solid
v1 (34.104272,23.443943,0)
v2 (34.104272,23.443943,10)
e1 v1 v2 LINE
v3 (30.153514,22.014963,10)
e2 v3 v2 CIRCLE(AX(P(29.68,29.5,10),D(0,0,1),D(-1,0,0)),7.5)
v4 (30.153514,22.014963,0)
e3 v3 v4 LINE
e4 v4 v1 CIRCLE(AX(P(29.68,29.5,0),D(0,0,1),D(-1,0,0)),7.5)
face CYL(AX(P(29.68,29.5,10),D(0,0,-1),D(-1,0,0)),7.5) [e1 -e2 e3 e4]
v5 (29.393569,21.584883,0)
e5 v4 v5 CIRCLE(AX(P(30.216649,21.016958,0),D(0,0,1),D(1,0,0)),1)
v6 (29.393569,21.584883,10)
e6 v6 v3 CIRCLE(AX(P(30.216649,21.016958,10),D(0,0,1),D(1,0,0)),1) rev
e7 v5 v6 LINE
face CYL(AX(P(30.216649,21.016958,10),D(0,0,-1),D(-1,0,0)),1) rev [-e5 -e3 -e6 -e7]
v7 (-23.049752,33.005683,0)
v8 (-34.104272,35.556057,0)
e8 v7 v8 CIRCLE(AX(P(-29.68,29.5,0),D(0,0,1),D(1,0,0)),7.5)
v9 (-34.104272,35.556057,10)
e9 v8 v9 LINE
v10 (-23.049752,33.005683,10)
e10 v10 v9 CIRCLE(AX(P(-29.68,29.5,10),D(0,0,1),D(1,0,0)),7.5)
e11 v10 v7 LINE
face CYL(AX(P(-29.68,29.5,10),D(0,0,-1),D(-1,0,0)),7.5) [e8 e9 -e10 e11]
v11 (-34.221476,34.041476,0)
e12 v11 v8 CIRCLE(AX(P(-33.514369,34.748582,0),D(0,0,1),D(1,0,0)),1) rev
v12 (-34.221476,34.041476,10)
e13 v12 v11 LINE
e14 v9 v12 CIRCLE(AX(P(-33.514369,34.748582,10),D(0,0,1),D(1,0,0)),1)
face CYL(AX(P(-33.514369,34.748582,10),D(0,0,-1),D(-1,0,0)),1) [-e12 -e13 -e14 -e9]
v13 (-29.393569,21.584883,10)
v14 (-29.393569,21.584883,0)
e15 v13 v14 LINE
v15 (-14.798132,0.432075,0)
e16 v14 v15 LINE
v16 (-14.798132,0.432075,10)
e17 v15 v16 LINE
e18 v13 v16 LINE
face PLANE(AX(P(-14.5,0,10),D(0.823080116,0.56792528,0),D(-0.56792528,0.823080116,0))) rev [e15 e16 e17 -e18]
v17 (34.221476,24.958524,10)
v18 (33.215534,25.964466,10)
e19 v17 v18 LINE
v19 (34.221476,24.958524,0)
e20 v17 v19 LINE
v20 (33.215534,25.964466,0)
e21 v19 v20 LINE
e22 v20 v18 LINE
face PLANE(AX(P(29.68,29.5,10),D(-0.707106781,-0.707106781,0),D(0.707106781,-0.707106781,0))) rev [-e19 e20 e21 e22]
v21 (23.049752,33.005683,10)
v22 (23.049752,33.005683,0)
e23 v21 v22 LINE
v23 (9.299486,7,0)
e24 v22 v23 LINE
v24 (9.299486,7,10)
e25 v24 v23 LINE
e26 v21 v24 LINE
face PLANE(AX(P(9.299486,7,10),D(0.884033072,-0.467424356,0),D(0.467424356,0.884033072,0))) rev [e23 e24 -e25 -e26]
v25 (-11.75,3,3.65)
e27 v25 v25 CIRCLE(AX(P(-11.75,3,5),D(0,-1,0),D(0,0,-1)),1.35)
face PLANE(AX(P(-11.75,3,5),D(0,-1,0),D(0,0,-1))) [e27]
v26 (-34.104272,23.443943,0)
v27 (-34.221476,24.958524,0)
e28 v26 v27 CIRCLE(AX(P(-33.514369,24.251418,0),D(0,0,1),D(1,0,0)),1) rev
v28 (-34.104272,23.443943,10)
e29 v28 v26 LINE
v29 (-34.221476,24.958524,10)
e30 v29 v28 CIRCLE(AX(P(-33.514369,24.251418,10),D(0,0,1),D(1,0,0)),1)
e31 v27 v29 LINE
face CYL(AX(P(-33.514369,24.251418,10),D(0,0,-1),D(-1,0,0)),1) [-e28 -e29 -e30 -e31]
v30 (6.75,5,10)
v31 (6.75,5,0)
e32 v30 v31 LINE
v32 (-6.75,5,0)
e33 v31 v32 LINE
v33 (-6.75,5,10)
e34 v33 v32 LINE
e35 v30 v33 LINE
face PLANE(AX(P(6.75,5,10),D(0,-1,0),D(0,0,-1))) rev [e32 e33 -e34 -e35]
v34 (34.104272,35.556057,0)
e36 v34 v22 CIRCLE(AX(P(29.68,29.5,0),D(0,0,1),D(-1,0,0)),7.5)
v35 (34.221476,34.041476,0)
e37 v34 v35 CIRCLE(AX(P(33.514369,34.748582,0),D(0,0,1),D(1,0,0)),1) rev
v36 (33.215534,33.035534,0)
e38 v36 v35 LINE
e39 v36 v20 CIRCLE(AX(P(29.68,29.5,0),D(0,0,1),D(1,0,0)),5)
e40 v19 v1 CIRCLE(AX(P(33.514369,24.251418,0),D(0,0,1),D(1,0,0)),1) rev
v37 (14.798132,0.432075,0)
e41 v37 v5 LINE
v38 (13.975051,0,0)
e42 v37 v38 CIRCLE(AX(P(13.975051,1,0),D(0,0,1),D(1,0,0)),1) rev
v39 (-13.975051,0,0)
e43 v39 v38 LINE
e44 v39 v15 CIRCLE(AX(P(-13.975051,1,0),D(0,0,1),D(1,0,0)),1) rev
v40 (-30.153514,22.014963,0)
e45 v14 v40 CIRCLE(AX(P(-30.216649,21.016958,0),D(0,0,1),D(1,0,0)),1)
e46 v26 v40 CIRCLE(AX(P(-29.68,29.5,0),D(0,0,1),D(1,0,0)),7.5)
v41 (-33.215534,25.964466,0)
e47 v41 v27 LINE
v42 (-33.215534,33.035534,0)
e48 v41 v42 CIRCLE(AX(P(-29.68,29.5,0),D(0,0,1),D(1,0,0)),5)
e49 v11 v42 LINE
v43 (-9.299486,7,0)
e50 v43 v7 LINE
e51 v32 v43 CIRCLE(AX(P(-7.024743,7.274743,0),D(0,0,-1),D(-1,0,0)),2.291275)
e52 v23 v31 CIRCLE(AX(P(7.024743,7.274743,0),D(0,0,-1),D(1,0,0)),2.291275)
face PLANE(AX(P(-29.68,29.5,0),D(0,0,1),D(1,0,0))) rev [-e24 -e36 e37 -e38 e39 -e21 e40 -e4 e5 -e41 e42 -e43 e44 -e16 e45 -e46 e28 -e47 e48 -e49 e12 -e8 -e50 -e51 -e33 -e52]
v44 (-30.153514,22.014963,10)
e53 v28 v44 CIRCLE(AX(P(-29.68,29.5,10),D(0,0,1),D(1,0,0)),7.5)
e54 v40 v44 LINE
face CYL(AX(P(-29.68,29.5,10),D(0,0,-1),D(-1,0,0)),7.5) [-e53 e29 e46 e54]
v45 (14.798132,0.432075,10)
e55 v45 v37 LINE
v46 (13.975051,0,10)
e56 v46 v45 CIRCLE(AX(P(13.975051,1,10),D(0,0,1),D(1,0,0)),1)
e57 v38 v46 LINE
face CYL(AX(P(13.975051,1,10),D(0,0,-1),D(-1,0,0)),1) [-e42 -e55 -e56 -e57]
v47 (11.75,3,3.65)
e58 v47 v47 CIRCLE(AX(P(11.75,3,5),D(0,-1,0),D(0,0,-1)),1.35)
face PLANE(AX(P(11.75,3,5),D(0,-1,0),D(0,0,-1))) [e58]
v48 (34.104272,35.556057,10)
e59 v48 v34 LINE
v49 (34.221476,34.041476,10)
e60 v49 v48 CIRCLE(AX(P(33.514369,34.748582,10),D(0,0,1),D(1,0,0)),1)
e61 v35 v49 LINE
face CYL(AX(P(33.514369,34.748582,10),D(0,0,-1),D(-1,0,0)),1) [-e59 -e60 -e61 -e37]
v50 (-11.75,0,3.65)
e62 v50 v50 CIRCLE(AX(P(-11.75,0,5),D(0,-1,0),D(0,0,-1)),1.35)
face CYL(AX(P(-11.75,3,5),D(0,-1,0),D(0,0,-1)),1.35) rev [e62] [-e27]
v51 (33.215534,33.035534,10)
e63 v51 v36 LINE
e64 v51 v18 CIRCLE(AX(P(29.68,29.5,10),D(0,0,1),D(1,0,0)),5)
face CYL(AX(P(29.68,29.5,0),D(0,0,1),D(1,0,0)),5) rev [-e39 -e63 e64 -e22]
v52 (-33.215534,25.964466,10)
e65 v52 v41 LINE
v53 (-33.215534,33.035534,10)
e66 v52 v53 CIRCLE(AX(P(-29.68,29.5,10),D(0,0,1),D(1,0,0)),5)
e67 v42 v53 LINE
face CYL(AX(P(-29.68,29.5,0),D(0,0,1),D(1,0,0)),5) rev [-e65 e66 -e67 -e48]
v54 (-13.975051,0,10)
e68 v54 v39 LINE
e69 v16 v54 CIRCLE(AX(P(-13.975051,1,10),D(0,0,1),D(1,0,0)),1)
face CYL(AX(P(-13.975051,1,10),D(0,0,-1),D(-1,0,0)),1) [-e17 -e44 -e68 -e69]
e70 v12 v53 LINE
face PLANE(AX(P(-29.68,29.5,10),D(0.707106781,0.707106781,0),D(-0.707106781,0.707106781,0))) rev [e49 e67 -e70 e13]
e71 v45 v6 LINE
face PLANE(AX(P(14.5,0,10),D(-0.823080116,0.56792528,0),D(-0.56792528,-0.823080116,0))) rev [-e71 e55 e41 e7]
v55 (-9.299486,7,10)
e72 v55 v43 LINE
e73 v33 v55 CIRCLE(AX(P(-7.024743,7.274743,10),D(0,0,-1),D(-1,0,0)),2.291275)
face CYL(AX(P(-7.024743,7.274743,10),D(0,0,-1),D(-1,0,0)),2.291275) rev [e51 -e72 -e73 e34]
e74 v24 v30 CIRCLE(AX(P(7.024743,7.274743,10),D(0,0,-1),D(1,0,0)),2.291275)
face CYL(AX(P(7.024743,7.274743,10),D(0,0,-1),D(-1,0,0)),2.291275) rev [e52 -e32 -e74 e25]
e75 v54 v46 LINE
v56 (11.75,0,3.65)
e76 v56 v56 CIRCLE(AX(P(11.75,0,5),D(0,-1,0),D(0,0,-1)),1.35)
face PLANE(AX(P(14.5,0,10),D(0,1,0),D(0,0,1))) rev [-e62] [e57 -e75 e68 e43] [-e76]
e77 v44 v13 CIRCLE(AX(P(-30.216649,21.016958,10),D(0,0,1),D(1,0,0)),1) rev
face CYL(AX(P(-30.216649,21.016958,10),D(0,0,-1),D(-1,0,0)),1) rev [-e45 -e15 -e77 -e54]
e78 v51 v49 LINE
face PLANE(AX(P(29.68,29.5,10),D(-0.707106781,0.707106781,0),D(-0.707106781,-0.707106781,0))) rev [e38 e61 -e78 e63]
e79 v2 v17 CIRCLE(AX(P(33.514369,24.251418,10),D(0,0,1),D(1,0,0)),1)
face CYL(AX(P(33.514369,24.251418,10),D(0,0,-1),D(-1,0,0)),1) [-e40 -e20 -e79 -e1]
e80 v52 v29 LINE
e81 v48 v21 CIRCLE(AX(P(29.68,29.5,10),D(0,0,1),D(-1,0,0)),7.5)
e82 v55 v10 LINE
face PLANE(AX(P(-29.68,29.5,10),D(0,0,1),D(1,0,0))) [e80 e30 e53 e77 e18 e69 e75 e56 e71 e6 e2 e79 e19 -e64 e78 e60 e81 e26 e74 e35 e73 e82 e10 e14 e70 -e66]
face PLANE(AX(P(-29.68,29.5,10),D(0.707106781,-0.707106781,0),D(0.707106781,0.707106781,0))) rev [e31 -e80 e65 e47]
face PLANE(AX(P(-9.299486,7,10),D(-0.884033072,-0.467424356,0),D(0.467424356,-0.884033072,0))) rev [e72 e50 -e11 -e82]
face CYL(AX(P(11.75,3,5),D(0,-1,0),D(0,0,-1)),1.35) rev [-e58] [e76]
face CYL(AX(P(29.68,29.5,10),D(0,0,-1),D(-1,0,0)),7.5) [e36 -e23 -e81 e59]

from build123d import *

# Parameters (mm, degrees)
BOSS_EXTRUDE2_DEPTH = 10
SKETCH2_R           = 5
CUT_EXTRUDE1_DEPTH  = 10
SKETCH3_R           = 1.35
CUT_EXTRUDE2_DEPTH  = 3
FILLET1_R           = 1
FILLET2_R           = 1


with BuildPart() as part:
    # Sketch1 → Boss-Extrude2 (new body)
    with BuildSketch(Plane.XY):
        with BuildLine():
            Line((14.5, 0), (-14.5, 0))
            Line((-14.5, 0), (-29.68, 22))
            ThreePointArc((-29.68, 22), (-32.550125743, 22.570903506), (-34.983300859, 24.196699141))
            Line((-34.983300859, 24.196699141), (-29.68, 29.5))
            Line((-29.68, 29.5), (-34.983300859, 34.803300859))
            ThreePointArc((-34.983300859, 34.803300859), (-28.562836183, 36.916329618), (-23.049751963, 33.005682668))
            Line((-23.049751963, 33.005682668), (-9.299486441, 7))
            ThreePointArc((-9.299486441, 7), (-8.438956783, 5.47198407), (-6.75, 5))
            Line((-6.75, 5), (6.75, 5))
            ThreePointArc((6.75, 5), (8.438956783, 5.47198407), (9.299486441, 7))
            Line((9.299486441, 7), (23.049751963, 33.005682668))
            ThreePointArc((23.049751963, 33.005682668), (28.562836183, 36.916329618), (34.983300859, 34.803300859))
            Line((34.983300859, 34.803300859), (29.68, 29.5))
            Line((29.68, 29.5), (34.983300859, 24.196699141))
            ThreePointArc((34.983300859, 24.196699141), (32.550125743, 22.570903506), (29.68, 22))
            Line((29.68, 22), (14.5, 0))
        make_face()
    extrude(amount=BOSS_EXTRUDE2_DEPTH)

    # Sketch2 → Cut-Extrude1 (cut)
    with BuildSketch(Plane.XY.offset(10)):
        with Locations((-29.68, 29.5)):
            Circle(SKETCH2_R)
        with Locations((29.68, 29.5)):
            Circle(SKETCH2_R)
    extrude(amount=-CUT_EXTRUDE1_DEPTH, mode=Mode.SUBTRACT)

    # Sketch3 → Cut-Extrude2 (cut)
    with BuildSketch(Plane.XZ):
        with Locations(Location((-11.75, 5, 0), (0, 0, 270))):
            Circle(SKETCH3_R)
        with Locations(Location((11.75, 5, 0), (0, 0, 270))):
            Circle(SKETCH3_R)
    extrude(amount=-CUT_EXTRUDE2_DEPTH, mode=Mode.SUBTRACT)

    # Fillet1
    fillet1_edges = [part.edges().sort_by_distance(p)[0] for p in [
        (-34.983300859, 24.196699141, 5),
        (-34.983300859, 34.803300859, 5),
    ]]
    fillet(fillet1_edges, radius=FILLET1_R)

    # Fillet2
    fillet2_edges = [part.edges().sort_by_distance(p)[0] for p in [
        (-29.68, 22, 5),
        (34.983300859, 34.803300859, 5),
        (34.983300859, 24.196699141, 5),
        (29.68, 22, 5),
        (14.5, 0, 5),
        (-14.5, 0, 5),
    ]]
    fillet(fillet2_edges, radius=FILLET2_R)


solid = part.part
